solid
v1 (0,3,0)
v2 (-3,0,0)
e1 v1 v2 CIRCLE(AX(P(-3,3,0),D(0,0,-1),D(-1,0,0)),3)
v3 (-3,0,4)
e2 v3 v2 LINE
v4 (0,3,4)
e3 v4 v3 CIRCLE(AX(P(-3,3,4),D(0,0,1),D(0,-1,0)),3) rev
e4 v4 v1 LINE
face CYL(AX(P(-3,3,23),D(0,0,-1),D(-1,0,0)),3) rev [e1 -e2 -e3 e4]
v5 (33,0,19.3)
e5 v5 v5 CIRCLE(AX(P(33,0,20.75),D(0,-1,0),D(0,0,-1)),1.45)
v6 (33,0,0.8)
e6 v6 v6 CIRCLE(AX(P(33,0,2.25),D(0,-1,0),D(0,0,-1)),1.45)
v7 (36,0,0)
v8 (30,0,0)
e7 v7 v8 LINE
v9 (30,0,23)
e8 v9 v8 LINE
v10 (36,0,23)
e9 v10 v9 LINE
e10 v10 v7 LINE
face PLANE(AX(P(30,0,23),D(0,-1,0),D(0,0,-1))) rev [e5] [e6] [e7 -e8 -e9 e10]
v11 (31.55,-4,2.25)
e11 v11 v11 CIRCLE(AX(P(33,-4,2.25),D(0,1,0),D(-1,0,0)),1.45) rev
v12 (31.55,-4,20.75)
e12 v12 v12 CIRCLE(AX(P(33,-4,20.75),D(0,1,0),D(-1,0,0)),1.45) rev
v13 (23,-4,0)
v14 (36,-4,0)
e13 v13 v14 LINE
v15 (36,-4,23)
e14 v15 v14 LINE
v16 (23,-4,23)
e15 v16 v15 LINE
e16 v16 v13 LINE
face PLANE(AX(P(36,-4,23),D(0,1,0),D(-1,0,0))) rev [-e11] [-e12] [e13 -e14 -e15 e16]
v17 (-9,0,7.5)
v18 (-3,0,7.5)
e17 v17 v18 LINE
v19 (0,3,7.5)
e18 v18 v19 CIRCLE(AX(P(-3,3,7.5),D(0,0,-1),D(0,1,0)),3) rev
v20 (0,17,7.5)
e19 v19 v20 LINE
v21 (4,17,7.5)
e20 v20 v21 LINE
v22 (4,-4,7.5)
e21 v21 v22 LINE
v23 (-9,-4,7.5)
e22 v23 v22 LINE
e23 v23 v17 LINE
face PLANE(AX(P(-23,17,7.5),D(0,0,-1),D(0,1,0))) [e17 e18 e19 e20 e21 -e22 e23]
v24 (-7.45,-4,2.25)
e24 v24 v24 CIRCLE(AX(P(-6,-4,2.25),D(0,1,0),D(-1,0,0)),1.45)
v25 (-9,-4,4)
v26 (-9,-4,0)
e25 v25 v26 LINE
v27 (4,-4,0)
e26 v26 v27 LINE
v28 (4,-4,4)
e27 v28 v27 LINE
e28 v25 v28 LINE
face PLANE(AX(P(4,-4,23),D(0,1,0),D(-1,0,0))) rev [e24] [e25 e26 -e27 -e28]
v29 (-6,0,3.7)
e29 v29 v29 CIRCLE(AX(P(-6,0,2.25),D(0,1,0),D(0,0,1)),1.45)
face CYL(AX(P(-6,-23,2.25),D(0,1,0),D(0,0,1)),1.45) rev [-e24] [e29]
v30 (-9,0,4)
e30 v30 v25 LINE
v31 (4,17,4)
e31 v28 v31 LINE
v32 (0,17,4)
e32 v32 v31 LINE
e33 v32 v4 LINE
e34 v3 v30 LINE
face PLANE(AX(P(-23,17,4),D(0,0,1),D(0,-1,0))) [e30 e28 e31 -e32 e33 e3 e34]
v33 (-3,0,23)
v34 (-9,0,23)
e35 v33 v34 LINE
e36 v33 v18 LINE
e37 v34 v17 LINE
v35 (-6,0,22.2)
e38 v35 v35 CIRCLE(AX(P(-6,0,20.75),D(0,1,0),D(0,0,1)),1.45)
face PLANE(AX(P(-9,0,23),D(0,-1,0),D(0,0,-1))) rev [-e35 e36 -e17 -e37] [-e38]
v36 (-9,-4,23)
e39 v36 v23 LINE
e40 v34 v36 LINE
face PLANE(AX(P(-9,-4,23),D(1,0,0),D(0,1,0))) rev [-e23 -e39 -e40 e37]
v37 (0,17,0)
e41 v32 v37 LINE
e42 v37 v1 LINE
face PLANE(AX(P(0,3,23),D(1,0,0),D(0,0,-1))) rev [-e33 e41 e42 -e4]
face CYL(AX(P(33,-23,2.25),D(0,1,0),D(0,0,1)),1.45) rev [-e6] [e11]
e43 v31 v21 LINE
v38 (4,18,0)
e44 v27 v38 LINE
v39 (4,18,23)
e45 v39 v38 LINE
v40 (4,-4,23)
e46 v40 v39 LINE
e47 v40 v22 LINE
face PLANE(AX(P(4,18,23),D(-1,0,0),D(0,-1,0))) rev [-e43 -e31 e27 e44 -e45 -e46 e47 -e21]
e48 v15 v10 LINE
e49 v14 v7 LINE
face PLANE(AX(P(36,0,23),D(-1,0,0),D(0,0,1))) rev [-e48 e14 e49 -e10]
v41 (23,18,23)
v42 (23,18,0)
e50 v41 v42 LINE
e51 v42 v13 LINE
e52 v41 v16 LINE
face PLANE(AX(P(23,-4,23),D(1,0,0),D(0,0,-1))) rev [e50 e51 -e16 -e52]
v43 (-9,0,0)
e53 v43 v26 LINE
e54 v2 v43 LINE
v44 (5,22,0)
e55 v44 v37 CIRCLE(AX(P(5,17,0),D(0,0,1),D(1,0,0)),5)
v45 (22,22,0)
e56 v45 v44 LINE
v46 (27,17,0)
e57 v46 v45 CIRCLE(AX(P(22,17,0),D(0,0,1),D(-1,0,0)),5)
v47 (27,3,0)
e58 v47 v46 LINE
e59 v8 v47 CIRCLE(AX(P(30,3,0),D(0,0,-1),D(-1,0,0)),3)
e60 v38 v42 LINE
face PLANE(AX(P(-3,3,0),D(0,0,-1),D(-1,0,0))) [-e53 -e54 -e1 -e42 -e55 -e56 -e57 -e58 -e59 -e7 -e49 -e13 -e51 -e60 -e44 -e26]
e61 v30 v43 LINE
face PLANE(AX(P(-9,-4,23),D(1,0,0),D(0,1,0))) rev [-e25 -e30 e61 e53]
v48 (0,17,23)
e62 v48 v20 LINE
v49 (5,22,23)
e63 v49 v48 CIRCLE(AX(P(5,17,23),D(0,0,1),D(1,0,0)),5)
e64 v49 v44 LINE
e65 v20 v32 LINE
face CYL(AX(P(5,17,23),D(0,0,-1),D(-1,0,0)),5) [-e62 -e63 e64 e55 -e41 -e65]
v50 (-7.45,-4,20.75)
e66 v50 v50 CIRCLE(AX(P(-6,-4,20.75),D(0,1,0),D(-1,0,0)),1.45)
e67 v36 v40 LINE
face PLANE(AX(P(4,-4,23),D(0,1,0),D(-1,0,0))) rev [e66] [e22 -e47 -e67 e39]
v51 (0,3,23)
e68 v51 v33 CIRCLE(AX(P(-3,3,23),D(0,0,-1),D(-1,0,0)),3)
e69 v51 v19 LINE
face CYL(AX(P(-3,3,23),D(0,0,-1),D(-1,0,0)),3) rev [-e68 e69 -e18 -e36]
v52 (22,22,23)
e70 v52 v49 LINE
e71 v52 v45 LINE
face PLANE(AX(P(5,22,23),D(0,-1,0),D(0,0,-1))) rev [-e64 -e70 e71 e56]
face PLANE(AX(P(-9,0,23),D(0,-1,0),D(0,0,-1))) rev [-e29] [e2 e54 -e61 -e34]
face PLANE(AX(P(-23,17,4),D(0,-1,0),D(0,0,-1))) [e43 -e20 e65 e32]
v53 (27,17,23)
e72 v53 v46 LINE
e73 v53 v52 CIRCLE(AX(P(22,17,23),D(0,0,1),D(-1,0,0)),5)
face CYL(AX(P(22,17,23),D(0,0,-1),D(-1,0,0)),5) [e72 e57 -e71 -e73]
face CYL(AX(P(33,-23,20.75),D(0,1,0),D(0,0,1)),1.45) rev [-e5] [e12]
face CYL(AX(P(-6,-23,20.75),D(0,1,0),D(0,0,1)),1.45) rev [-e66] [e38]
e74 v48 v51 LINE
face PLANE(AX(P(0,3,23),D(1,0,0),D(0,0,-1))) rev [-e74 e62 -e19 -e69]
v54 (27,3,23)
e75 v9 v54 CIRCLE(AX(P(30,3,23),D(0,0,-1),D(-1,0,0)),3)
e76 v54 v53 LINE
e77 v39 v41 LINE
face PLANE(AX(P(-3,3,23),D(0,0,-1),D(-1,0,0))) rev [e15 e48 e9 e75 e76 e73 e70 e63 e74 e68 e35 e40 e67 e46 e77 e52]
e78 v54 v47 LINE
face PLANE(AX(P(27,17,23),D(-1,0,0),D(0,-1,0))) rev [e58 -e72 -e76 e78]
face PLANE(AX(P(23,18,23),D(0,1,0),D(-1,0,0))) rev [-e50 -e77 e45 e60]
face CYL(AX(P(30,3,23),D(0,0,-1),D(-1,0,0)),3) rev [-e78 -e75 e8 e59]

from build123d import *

# Parameters (mm, degrees)
BOSS_EXTRUDE1_DEPTH     = 23
SKETCH3_R               = 1.45
CUT_EXTRUDE1_DEPTH      = 23
CUT_EXTRUDE2_DEPTH      = 23
CUT_EXTRUDE2_DEPTH_BACK = 10
SKETCH4_W               = 3.5
SKETCH4_H               = 21


with BuildPart() as part:
    # Sketch1 → Boss-Extrude1 (new body)
    with BuildSketch(Plane.XY):
        with BuildLine():
            Line((0, 3), (0, 17))
            ThreePointArc((0, 17), (1.464466094, 20.535533906), (5, 22))
            Line((5, 22), (22, 22))
            ThreePointArc((22, 22), (25.535533906, 20.535533906), (27, 17))
            Line((27, 17), (27, 3))
            ThreePointArc((27, 3), (27.878679656, 0.878679656), (30, 0))
            Line((30, 0), (36, 0))
            Line((36, 0), (36, -4))
            Line((36, -4), (23, -4))
            Line((23, -4), (23, 18))
            Line((23, 18), (4, 18))
            Line((4, 18), (4, -4))
            Line((4, -4), (-9, -4))
            Line((-9, -4), (-9, 0))
            Line((-9, 0), (-3, 0))
            ThreePointArc((-3, 0), (-0.878679656, 0.878679656), (0, 3))
        make_face()
    extrude(amount=BOSS_EXTRUDE1_DEPTH)

    # Sketch3 → Cut-Extrude1 (cut)
    with BuildSketch(Plane(origin=(0, 0, 0), x_dir=(1, 0, 0), z_dir=(0, 1, 0))):
        with Locations(Location((-6, -2.25, 0), (0, 0, 270))):
            Circle(SKETCH3_R)
        with Locations(Location((-6, -20.75, 0), (0, 0, 270))):
            Circle(SKETCH3_R)
        with Locations(Location((33, -20.75, 0), (0, 0, 180))):
            Circle(SKETCH3_R)
        with Locations(Location((33, -2.25, 0), (0, 0, 180))):
            Circle(SKETCH3_R)
    extrude(amount=-CUT_EXTRUDE1_DEPTH, mode=Mode.SUBTRACT)

    # Sketch4 → Cut-Extrude2 (cut, two sides: drawn at the far end of the back side and taken through both)
    with BuildSketch(Plane.ZY.offset(-CUT_EXTRUDE2_DEPTH_BACK)):
        with Locations((5.75, 6.5)):
            Rectangle(SKETCH4_W, SKETCH4_H)
    extrude(amount=CUT_EXTRUDE2_DEPTH + CUT_EXTRUDE2_DEPTH_BACK, mode=Mode.SUBTRACT)


solid = part.part
